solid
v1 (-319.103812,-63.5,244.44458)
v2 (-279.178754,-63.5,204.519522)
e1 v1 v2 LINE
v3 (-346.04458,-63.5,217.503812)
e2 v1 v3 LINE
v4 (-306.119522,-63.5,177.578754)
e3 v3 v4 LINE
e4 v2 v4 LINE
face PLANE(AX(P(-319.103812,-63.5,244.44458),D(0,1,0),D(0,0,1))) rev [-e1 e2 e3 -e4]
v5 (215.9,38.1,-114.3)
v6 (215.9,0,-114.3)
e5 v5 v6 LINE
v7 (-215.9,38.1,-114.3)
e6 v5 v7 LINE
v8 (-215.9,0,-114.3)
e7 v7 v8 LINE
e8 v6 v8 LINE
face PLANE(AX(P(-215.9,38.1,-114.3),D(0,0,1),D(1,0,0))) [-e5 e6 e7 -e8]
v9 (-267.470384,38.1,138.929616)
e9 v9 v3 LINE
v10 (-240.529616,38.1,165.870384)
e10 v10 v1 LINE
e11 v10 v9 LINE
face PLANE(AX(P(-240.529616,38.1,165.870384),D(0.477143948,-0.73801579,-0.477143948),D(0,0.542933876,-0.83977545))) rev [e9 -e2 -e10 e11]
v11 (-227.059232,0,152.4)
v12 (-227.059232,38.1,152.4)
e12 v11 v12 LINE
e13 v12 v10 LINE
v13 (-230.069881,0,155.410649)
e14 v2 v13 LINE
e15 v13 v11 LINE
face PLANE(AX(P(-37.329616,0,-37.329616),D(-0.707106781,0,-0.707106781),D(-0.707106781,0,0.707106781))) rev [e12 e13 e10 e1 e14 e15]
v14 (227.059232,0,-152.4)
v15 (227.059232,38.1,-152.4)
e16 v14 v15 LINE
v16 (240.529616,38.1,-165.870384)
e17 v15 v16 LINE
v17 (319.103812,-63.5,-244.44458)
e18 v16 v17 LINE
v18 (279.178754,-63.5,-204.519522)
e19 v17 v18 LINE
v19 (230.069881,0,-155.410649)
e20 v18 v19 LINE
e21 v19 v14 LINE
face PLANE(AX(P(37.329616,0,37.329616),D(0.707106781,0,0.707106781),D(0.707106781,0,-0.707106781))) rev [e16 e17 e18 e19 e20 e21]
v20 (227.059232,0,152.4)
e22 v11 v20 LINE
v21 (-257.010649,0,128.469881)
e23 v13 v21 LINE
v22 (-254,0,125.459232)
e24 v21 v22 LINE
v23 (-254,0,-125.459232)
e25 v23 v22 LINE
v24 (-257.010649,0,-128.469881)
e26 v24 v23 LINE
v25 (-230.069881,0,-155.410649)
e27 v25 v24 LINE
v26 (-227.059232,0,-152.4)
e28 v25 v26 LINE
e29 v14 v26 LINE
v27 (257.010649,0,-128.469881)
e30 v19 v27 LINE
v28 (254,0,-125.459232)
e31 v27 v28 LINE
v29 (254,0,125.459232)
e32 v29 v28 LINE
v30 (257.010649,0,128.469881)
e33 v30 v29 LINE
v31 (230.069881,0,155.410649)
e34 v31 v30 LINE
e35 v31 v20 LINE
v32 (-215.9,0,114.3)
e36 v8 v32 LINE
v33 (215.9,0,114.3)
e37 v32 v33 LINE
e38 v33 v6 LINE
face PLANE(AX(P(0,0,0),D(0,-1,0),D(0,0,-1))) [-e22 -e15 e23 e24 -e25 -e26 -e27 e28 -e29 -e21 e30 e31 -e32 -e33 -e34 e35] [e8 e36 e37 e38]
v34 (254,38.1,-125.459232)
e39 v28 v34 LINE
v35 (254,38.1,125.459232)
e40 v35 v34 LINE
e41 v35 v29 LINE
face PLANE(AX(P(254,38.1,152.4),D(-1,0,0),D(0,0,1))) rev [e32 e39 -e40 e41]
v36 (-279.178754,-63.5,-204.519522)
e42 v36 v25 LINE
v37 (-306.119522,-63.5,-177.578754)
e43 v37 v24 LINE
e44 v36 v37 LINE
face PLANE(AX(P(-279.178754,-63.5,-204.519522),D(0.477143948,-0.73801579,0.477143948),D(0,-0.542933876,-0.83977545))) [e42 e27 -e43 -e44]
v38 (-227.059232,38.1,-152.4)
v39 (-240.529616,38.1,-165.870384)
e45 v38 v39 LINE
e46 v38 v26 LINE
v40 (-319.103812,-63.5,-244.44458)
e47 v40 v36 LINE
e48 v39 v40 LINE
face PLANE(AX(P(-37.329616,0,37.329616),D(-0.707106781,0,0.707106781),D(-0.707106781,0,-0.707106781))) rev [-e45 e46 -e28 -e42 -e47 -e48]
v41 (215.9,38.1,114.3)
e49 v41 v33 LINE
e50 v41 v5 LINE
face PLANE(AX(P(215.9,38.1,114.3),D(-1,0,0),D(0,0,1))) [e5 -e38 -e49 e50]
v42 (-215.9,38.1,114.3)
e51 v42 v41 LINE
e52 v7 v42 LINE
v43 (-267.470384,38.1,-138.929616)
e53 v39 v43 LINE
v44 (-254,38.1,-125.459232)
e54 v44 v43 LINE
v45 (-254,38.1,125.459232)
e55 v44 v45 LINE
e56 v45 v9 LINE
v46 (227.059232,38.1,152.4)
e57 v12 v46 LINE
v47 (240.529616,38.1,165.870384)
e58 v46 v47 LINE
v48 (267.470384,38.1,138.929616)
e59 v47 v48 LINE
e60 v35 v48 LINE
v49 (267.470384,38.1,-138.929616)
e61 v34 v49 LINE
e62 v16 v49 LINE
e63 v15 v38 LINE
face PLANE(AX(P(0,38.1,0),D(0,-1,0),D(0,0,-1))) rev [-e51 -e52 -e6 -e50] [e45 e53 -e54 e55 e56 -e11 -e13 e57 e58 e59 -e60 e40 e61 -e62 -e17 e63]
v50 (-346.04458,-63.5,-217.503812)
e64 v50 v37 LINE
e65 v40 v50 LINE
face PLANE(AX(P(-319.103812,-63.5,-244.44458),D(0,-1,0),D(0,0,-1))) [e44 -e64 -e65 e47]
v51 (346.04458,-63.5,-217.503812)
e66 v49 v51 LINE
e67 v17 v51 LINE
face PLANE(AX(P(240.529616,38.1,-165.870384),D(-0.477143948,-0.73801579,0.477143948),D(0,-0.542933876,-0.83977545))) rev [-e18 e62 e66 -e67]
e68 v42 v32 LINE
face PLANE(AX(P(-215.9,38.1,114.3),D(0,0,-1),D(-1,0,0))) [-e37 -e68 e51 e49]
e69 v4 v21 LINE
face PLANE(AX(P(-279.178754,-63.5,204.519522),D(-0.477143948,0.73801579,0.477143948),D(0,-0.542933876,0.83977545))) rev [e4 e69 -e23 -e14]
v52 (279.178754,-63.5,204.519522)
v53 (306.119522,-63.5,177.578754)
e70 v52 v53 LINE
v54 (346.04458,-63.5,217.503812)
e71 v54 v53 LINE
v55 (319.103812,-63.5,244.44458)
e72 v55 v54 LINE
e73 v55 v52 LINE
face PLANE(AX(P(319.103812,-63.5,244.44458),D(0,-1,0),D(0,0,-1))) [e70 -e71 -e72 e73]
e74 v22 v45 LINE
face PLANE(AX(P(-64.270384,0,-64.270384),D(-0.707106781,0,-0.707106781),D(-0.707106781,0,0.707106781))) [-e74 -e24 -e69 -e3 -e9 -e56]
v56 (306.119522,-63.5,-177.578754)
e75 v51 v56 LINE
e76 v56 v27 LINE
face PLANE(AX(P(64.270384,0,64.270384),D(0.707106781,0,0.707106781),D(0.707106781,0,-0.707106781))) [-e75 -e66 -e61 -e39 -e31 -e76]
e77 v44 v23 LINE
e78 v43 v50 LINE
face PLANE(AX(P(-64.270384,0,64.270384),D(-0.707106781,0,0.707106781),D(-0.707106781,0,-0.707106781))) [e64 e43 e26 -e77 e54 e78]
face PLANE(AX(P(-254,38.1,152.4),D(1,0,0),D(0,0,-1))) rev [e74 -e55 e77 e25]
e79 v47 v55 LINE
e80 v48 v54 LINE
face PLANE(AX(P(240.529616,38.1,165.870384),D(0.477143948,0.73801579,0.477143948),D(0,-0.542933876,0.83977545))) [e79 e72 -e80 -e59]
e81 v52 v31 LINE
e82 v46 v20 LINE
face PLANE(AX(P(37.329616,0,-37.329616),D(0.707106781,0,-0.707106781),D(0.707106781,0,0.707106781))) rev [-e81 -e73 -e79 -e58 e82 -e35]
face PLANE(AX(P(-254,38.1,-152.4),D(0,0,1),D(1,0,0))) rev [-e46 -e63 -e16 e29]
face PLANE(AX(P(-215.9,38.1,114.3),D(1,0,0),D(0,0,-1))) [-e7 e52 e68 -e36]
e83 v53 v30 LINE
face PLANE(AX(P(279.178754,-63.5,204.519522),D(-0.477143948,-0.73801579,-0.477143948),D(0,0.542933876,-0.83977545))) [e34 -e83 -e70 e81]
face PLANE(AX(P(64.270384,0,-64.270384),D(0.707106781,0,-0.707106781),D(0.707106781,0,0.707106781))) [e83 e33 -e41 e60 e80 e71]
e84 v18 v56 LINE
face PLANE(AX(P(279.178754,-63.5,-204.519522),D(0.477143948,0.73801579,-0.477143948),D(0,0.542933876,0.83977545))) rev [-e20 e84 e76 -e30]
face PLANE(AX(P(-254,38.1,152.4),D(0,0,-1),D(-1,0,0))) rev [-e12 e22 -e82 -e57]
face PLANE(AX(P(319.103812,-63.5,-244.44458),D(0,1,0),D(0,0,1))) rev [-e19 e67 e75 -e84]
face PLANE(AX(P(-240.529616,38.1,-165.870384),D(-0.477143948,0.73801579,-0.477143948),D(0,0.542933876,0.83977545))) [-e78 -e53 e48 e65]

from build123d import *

# Parameters (mm, degrees)
SKETCH1_W            = 508
SKETCH1_H            = 304.8
SKETCH1_W_2          = 431.8
SKETCH1_H_2          = 228.6
BOSS_EXTRUDE1_DEPTH  = 38.1
BOSS_EXTRUDE3_DEPTH  = 19.05
MIRROR3_COPY_1_DEPTH = 19.05


with BuildPart() as part:
    # Sketch1 → Boss-Extrude1 (new body)
    with BuildSketch(Plane(origin=(0, 0, 0), x_dir=(1, 0, 0), z_dir=(0, 1, 0))):
        Rectangle(SKETCH1_W, SKETCH1_H)
        Rectangle(SKETCH1_W_2, SKETCH1_H_2, mode=Mode.SUBTRACT)
    extrude(amount=BOSS_EXTRUDE1_DEPTH)

    # Sketch3 → Boss-Extrude3 (add, symmetric)
    with BuildSketch(Plane(origin=(-50.8, 0, -50.8), x_dir=(0.7071067811865475, 0, -0.7071067811865477), z_dir=(0.7071067811865477, 0, 0.7071067811865475))):
        Polygon((-287.368195874, 38.1), (-398.488889778, -63.5), (-342.026330623, -63.5), (-272.575896933, 0), (-266.942696668, 0), (-266.942696668, 38.1), align=None)
    boss_extrude3 = extrude(amount=BOSS_EXTRUDE3_DEPTH, both=True)

    # Mirror2: Boss-Extrude3 across plane
    add(boss_extrude3.mirror(Plane(origin=(0, 0, 0), x_dir=(0, 0, 1), z_dir=(1, 0, 0))))

    # Mirror3: Boss-Extrude3 across plane
    add(boss_extrude3.mirror(Plane.XY))

    # Mirror3 copy 1 sketch → Mirror3 copy 1 (add, symmetric)
    with BuildSketch(Plane(origin=(50.8, 0, 50.8), x_dir=(-0.7071067811865475, 0, 0.7071067811865477), z_dir=(-0.7071067811865477, 0, -0.7071067811865475))):
        Polygon((-287.368195874, 38.1), (-398.488889778, -63.5), (-342.026330623, -63.5), (-272.575896933, 0), (-266.942696668, 0), (-266.942696668, 38.1), align=None)
    extrude(amount=MIRROR3_COPY_1_DEPTH, both=True)


solid = part.part
